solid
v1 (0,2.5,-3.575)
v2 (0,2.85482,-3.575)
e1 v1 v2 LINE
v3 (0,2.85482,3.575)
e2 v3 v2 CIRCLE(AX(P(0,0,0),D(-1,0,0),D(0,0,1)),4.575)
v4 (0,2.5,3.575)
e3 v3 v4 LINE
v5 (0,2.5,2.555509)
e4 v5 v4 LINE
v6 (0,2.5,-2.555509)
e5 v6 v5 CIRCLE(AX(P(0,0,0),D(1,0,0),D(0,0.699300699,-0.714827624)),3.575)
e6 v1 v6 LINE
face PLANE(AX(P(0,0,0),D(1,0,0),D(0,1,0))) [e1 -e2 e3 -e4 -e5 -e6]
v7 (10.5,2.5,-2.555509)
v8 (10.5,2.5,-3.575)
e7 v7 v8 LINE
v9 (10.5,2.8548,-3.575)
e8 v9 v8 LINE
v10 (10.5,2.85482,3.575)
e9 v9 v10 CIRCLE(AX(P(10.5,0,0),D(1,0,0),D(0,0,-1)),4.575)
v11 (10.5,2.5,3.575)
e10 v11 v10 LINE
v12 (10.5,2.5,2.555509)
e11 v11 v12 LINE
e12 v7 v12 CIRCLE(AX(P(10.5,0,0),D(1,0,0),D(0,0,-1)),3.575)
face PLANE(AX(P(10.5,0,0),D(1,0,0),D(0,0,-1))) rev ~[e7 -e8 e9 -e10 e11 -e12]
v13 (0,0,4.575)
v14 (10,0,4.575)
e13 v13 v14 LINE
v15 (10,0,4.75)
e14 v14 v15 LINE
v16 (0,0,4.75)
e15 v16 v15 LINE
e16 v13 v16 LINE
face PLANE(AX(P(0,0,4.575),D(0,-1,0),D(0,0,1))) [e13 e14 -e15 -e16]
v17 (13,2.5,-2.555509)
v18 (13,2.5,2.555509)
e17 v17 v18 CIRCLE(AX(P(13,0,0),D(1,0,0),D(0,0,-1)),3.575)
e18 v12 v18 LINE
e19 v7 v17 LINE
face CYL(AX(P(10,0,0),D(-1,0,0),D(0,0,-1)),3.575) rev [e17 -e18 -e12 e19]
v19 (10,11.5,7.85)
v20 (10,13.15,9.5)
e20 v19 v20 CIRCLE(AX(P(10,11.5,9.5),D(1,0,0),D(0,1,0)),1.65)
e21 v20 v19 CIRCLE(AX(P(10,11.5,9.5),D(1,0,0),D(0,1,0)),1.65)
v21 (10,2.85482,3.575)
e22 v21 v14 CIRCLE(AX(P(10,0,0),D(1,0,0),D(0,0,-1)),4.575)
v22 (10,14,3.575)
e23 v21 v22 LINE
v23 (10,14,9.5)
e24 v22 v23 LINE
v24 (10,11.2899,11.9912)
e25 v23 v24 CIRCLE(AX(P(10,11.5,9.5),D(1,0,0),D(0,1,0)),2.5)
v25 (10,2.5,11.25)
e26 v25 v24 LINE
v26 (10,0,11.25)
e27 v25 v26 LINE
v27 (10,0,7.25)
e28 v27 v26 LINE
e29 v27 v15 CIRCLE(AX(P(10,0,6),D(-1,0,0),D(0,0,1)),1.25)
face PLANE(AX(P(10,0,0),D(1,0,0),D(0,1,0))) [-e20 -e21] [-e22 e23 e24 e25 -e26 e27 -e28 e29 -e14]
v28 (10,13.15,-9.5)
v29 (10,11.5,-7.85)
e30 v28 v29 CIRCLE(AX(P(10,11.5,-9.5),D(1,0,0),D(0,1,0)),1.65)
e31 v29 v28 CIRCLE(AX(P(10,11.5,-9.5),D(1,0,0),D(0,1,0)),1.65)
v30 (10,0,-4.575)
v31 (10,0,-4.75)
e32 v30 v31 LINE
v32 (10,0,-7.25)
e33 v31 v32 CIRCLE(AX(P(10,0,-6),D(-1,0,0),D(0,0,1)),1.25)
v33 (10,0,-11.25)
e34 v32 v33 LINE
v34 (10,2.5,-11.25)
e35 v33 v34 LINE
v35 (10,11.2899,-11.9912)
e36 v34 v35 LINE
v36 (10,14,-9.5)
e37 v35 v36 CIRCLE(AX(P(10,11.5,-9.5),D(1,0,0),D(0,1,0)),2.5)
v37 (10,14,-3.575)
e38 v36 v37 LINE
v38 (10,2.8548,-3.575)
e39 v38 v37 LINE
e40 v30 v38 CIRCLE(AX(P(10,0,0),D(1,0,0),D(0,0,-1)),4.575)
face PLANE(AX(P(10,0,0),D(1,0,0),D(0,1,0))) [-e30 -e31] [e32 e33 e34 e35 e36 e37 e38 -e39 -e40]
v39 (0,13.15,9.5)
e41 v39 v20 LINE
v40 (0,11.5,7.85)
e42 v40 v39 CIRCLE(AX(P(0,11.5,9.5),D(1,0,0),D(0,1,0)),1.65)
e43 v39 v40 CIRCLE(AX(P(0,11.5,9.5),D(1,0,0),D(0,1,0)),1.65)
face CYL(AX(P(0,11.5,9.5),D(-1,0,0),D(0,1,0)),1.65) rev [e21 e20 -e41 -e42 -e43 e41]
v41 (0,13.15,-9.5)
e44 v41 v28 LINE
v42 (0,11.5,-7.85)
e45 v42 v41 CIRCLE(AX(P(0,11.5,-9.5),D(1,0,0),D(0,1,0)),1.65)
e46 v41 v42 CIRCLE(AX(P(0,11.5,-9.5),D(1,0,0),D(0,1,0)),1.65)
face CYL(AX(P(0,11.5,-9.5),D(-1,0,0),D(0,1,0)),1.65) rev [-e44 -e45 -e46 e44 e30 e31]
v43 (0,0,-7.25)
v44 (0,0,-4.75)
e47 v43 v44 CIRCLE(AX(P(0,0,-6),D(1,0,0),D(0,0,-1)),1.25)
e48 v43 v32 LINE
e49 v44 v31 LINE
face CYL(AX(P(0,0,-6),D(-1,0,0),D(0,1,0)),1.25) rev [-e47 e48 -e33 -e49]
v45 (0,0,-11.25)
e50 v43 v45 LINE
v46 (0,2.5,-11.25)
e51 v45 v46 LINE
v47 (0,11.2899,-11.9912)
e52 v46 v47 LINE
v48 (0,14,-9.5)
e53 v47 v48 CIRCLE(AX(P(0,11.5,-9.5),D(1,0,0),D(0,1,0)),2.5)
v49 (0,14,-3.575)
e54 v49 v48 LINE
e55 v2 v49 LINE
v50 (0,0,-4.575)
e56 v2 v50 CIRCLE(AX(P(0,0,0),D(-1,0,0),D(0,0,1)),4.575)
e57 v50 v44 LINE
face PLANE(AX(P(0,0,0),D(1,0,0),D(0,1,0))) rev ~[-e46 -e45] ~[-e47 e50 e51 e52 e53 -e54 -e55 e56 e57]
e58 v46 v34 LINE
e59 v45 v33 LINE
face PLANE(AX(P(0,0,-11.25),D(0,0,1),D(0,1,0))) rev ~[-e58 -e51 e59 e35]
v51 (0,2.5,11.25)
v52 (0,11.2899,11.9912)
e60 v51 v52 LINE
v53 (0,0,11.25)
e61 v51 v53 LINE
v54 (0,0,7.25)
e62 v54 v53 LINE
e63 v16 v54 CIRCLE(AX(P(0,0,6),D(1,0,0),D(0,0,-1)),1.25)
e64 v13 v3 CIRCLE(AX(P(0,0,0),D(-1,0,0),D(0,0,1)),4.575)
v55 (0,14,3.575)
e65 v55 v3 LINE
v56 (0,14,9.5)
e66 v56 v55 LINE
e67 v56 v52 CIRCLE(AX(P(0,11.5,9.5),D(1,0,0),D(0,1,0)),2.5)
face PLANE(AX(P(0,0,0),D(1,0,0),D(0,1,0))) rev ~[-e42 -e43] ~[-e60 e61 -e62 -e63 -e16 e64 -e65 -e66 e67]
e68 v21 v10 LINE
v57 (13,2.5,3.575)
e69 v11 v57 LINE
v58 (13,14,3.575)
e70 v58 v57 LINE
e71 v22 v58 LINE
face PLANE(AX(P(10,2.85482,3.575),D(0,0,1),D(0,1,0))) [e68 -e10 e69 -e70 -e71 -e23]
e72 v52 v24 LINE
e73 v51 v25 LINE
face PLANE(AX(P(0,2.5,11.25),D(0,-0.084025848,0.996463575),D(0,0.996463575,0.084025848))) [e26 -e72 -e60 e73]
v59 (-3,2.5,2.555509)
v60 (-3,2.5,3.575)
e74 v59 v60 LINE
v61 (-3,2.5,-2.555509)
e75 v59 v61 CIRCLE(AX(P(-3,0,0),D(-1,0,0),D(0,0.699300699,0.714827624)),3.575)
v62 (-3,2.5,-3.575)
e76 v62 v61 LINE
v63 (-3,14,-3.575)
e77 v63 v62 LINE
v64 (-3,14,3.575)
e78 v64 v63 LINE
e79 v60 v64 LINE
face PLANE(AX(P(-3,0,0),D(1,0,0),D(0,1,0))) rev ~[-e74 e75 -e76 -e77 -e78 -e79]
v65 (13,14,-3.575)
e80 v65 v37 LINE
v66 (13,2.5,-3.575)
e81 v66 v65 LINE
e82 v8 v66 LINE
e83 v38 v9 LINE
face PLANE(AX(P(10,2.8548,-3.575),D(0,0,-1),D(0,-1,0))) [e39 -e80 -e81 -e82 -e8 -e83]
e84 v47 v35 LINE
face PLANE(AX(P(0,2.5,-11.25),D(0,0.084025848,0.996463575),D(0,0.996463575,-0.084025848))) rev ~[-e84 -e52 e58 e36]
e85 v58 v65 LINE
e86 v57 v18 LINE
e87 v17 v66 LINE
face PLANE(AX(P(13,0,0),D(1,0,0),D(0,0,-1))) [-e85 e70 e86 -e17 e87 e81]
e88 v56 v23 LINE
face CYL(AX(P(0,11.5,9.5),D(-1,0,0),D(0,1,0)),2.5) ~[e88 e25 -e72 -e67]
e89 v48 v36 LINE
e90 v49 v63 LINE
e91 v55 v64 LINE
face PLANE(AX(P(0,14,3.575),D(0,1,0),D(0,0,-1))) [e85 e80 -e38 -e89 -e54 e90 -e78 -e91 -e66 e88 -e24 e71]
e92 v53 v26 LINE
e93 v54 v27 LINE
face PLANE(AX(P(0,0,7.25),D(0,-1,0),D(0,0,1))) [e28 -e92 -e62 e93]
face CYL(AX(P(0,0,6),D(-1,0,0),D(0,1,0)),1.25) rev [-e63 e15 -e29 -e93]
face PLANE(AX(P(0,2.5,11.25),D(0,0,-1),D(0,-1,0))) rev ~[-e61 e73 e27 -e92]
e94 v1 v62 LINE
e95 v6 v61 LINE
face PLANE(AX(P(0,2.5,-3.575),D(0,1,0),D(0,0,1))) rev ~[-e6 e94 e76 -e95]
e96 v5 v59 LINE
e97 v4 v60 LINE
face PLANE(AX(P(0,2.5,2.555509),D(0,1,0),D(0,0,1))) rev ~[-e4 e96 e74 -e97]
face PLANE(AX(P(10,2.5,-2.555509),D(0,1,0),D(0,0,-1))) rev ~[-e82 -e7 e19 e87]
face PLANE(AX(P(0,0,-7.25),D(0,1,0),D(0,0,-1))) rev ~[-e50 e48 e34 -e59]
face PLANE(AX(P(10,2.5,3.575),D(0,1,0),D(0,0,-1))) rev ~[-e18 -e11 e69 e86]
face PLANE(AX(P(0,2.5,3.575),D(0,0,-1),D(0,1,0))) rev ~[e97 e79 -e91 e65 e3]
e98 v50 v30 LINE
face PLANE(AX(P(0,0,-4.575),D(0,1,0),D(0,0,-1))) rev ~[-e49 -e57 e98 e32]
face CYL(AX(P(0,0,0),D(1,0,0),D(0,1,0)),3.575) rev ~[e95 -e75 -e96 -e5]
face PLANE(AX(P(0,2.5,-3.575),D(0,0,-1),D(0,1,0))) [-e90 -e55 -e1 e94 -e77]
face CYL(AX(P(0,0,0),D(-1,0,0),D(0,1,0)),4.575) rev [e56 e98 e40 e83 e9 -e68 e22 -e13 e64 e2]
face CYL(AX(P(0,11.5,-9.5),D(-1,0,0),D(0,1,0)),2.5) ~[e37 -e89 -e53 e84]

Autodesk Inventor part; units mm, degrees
ref_plane "YZ Plane" through (0, 0, 0) normal (1, 0, 0) x (0, 1, 0)
ref_plane "XZ Plane" through (0, 0, 0) normal (0, 1, 0) x (-1, 0, 0)
ref_plane "XY Plane" through (0, 0, 0) normal (0, 0, 1) x (1, 0, 0)
sketch "スケッチ1" plane through (0, 0, 0) normal (1, 0, 0) x (0, 1, 0)
  circle A0 centre (0, 0) radius 4.575
  circle A1 centre (0, 0) radius 3.575
  line L0 (0, 0) -> (0, 6)
  line L1 (0, 6) -> (0, -6)
  circle A2 centre (0, 6) radius 1.25
  circle A3 centre (0, -6) radius 1.25
  line L2 (0, 0) -> (11.5, 0)
  line L3 (11.5, 0) -> (11.5, 9.5)
  line L4 (11.5, 9.5) -> (11.5, -9.5)
  circle A4 centre (11.5, 9.5) radius 1.65
  circle A5 centre (11.5, -9.5) radius 1.65
  line L5 (0, 0) -> (0, 11.25)
  line L6 (0, 11.25) -> (0, -11.25)
  line L7 (-2.5, -11.25) -> (2.5, -11.25)
  line L8 (2.5, -11.25) -> (2.5, 11.25)
  line L9 (2.5, 11.25) -> (-2.5, 11.25)
  line L10 (-2.5, 11.25) -> (-2.5, -11.25)
  line L11 (-2.5, -11.25) -> (2.5, 11.25) construction
  line L12 (2.5, -11.25) -> (-2.5, 11.25) construction
  circle A6 centre (11.5, 9.5) radius 2.5
  circle A7 centre (11.5, -9.5) radius 2.5
  line L13 (2.5, 11.25) -> (11.2899, 11.9912)
  line L14 (2.5, -11.25) -> (11.2899, -11.9912)
  line L15 (14, 9.5) -> (14, -9.5)
  line L16 (0, -3.575) -> (14, -3.575)
  line L17 (0, 3.575) -> (14, 3.575)
  point P0 (0, 7.25)
  point P1 (0, 4.75)
  point P2 (0, 4.575)
  point P3 (0, -4.575)
  point P4 (0, -4.75)
  point P5 (0, -7.25)
  point P6 (2.5, 3.575)
  point P7 (2.5, 2.5555)
  point P8 (2.5, -2.5555)
  point P9 (2.5, -3.575)
  dimension "d0" = 9.15
  dimension "d1" = 7.15
  dimension "d2" = 6
  dimension "d3" = 12
  dimension "d4" = 2.5
  dimension "d5" = 2.5
  dimension "d6" = 11.5
  dimension "d7" = 9.5
  dimension "d8" = 19
  dimension "d9" = 3.3
  dimension "d10" = 3.3
  dimension "d11" = 11.25
  dimension "d12" = 22.5
  dimension "d13" = 5
  dimension "d14" = 5
  dimension "d15" = 5
extrude "押し出し1" add sketch "スケッチ1" along normal blind 10 contours L2 L4 L16 A0 | A0 L17 L3 L2 | A0 L8 L13 A6 L3 L17 | L16 L4 A7 L14 L8 A0 | L3 L17 L15 L16 L4 | A0 L0 A2 L5 L9 L8 | L3 A6 L15 L17 | L8 L7 L6 A3 L1 A0 | L16 L15 A7 L4 | A6 | A7
extrude "押し出し2" add sketch "スケッチ1" against normal blind 3 contours L2 A1 L8 L17 A0 | L2 L4 L16 A0 | A0 L16 L8 A1 L2 | A0 L17 L3 L2 | L3 L17 L15 L16 L4
sketch "スケッチ2" plane through (10, 0, 0) normal (1, 0, 0) x (0, 0, -1)
  circle A0 centre (0, 0) radius 3.575
  line L0 (-3.575, 14) -> (-9.5, 14) projected
  line L1 (-3.575, 0) -> (-3.575, 14)
  line L2 (3.575, 2.8548) -> (3.575, 14) projected
  line L3 (-3.575, 14) -> (3.575, 14)
  line L4 (3.575, 14) -> (3.575, 0)
  line L5 (-11.9912, 11.2899) -> (-11.25, 2.5) projected
  line L6 (11.25, -2.5) -> (-11.25, -2.5)
  line L7 (-11.25, -2.5) -> (-11.25, 2.5)
  line L8 (-11.25, 2.5) -> (11.25, 2.5)
  line L9 (11.25, 2.5) -> (11.25, -2.5)
  line L10 (11.25, -2.5) -> (-11.25, 2.5) construction
  line L11 (-11.25, -2.5) -> (11.25, 2.5) construction
  circle A1 centre (0, 0) radius 4.575
  point P0 (-3.575, 2.8548)
  point P1 (-3.575, 2.5)
  point P2 (-2.5555, 2.5)
  point P3 (2.5555, 2.5)
  point P4 (3.575, 2.5)
extrude "押し出し4" add sketch "スケッチ2" along normal blind 0.5 contours A1 L1 L3 L2
extrude "押し出し5" add sketch "スケッチ2" along normal blind 3 contours A0 L8 L1 A1 L4 | A1 L1 L3 L2
extrude "押し出し6" cut sketch "スケッチ2" along normal blind 0.5 contours A0 L8 L1 A1 L4
properties part number "ikafly3c"
